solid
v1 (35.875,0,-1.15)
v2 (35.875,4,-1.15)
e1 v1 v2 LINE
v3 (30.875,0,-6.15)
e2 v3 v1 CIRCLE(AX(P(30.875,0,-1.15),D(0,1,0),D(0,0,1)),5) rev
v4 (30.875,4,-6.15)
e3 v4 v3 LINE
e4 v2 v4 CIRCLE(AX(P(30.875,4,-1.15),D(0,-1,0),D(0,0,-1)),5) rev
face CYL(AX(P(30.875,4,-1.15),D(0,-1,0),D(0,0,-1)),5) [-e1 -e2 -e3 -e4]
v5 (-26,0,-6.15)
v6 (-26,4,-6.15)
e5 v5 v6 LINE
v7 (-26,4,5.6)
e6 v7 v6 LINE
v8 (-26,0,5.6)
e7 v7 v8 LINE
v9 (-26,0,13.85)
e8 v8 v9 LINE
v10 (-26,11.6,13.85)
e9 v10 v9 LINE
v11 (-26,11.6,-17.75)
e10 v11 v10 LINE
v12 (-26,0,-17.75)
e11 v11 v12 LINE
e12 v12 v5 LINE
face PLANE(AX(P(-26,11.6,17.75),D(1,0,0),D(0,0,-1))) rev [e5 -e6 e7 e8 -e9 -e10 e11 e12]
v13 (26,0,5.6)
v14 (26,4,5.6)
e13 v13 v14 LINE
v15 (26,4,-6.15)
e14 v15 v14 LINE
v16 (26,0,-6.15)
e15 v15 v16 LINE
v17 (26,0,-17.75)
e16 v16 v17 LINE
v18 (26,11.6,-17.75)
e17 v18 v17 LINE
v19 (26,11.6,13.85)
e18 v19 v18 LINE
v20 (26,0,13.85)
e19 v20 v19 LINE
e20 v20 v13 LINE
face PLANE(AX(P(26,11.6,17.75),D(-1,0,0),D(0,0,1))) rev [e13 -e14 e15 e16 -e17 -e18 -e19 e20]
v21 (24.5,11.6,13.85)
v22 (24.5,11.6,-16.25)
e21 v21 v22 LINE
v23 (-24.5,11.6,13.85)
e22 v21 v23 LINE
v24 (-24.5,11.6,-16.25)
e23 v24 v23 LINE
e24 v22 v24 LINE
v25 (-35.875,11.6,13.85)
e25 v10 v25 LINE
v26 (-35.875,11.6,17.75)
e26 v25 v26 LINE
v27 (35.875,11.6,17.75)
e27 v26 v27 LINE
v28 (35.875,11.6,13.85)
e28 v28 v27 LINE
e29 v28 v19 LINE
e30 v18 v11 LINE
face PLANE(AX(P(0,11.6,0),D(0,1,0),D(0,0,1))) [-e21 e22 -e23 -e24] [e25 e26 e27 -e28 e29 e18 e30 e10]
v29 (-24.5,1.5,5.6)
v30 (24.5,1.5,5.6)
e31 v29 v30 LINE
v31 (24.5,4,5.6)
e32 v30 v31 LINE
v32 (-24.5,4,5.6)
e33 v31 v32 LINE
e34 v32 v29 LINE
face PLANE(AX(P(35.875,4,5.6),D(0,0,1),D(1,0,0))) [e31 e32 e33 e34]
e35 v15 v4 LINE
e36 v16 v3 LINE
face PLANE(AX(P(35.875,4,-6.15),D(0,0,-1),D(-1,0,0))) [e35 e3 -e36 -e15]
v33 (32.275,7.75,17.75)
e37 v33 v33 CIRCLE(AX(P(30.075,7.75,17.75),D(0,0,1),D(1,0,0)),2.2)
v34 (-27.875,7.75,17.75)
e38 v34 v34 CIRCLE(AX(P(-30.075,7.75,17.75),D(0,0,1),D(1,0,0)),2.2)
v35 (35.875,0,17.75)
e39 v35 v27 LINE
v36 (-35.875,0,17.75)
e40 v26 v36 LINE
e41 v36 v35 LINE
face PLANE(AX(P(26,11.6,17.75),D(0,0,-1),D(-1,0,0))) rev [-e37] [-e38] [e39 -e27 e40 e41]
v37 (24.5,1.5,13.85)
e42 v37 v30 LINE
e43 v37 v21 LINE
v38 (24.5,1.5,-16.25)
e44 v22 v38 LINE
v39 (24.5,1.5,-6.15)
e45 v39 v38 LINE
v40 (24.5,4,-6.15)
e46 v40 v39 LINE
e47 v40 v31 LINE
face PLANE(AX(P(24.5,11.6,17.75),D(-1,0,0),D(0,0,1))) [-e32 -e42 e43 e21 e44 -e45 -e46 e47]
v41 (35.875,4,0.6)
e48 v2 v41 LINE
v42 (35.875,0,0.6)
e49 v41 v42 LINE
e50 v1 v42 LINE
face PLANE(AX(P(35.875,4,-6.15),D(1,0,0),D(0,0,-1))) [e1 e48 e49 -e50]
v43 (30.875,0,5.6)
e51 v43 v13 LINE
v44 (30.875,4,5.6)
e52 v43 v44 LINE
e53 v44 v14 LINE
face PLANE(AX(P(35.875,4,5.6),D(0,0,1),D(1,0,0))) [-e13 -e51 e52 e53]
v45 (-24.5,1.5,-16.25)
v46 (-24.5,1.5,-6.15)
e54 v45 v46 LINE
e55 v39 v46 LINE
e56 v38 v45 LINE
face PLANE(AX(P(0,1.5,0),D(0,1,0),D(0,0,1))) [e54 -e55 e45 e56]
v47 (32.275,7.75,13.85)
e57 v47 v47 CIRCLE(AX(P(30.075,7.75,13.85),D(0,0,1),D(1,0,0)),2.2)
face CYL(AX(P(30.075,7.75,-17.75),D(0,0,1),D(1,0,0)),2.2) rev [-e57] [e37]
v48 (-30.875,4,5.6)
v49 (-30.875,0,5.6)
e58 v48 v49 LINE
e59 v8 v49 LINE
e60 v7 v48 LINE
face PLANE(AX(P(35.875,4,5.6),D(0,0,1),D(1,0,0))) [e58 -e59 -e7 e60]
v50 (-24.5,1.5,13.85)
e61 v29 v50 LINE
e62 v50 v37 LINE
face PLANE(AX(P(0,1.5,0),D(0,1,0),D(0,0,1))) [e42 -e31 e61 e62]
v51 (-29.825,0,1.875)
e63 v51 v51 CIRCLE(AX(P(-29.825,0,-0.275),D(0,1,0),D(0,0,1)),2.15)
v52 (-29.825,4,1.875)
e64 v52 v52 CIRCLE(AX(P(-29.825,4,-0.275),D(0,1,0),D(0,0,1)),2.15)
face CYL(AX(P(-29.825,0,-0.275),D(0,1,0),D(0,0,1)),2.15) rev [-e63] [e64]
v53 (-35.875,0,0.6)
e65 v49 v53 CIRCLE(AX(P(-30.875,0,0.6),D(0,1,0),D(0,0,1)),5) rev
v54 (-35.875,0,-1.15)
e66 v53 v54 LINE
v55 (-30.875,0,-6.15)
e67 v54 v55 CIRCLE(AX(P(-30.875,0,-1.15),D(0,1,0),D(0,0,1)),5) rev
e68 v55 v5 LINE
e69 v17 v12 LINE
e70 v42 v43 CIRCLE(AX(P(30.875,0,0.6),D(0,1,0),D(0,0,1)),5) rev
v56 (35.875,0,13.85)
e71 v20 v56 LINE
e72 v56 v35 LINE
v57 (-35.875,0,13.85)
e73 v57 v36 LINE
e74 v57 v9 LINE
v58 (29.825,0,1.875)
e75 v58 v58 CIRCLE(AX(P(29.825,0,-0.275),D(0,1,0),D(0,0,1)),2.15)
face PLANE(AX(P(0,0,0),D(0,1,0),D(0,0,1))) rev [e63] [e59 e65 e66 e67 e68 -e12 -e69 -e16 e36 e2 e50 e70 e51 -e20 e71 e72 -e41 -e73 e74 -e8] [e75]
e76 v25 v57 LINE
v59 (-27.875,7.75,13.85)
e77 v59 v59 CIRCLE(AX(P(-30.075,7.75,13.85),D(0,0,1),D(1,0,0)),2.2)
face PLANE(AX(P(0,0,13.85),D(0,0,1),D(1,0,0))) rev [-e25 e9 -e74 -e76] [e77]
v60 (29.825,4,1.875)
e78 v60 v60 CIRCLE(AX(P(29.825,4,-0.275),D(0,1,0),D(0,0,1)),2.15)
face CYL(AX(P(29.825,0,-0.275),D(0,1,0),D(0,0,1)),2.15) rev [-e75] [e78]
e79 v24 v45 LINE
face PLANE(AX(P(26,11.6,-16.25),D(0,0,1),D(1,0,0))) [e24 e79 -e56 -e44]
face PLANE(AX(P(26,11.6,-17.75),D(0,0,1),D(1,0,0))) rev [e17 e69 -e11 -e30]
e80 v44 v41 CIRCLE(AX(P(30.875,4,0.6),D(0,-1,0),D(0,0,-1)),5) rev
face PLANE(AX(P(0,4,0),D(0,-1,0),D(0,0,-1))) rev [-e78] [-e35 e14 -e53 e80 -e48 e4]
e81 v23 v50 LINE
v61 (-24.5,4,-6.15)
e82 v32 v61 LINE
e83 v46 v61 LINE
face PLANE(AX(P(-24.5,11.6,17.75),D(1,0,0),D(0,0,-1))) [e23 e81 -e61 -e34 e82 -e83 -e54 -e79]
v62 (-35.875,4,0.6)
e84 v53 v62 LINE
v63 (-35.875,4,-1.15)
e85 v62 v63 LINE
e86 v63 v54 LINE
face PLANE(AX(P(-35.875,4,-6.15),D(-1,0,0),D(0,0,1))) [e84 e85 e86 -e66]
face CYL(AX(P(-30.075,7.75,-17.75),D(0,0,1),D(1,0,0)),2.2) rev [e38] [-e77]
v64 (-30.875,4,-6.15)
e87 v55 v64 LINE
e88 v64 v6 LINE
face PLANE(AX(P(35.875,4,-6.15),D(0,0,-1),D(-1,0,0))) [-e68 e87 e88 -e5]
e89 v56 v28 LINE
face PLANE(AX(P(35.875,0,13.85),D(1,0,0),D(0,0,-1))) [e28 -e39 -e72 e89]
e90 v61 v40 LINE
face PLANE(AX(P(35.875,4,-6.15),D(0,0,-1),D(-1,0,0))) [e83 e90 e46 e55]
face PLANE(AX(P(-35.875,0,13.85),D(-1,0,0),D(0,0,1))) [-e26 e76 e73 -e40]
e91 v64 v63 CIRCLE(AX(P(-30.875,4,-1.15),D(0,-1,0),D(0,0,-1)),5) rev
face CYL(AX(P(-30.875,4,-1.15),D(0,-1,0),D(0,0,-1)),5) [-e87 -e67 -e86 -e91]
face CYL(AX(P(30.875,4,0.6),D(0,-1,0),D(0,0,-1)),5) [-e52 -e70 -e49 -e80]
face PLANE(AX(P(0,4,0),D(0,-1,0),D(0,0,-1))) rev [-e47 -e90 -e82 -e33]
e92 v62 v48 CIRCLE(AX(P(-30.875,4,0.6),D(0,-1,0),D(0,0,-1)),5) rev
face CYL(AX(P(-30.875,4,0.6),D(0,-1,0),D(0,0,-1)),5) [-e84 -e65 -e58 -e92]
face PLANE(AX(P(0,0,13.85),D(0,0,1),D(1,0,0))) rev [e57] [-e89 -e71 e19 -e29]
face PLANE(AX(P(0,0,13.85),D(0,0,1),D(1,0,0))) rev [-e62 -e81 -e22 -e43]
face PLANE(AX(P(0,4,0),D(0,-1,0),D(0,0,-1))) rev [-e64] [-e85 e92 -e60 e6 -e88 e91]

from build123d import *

# Parameters (mm, degrees)
SKETCH1_W           = 52
SKETCH1_H           = 35.5
BOSS_EXTRUDE1_DEPTH = 11.6
SHELL1_T            = -1.5
SKETCH2_W           = 71.75
SKETCH2_H           = 11.6
BOSS_EXTRUDE2_DEPTH = 3.9
SKETCH3_W           = 71.75
SKETCH3_H           = 11.75
BOSS_EXTRUDE3_DEPTH = 4
FILLET1_R           = 5
SKETCH4_R           = 2.15
CUT_EXTRUDE1_DEPTH  = 41.741110994
SKETCH5_R           = 2.2
CUT_EXTRUDE2_DEPTH  = 52.786345932


with BuildPart() as part:
    # Sketch1 → Boss-Extrude1 (new body)
    with BuildSketch(Plane(origin=(0, 0, 0), x_dir=(1, 0, 0), z_dir=(0, 1, 0))):
        Rectangle(SKETCH1_W, SKETCH1_H)
    extrude(amount=BOSS_EXTRUDE1_DEPTH)

    # Shell1
    shell1_openings = [part.faces().sort_by_distance(p)[0] for p in [
        (0, 11.6, 0),
    ]]
    offset(amount=SHELL1_T, openings=shell1_openings, kind=Kind.INTERSECTION)

    # Sketch2 → Boss-Extrude2 (add)
    with BuildSketch(Plane.XY.offset(17.75)):
        with Locations((0, 5.8)):
            Rectangle(SKETCH2_W, SKETCH2_H)
    extrude(amount=-BOSS_EXTRUDE2_DEPTH)

    # Sketch3 → Boss-Extrude3 (add)
    with BuildSketch(Plane.XZ):
        with Locations((0, -0.275)):
            Rectangle(SKETCH3_W, SKETCH3_H)
    extrude(amount=-BOSS_EXTRUDE3_DEPTH)

    # Fillet1
    fillet1_edges = [part.edges().sort_by_distance(p)[0] for p in [
        (-35.875, 2, 5.6),
        (35.875, 2, -6.15),
        (-35.875, 2, -6.15),
        (35.875, 2, 5.6),
    ]]
    fillet(fillet1_edges, radius=FILLET1_R)

    # Sketch4 → Cut-Extrude1 (cut, through all)
    with BuildSketch(Plane(origin=(0, 4, 0), x_dir=(1, 0, 0), z_dir=(0, 1, 0))):
        with Locations(Location((-29.825, 0.275, 0), (0, 0, 270))):
            Circle(SKETCH4_R)
        with Locations(Location((29.825, 0.275, 0), (0, 0, 270))):
            Circle(SKETCH4_R)
    extrude(amount=-CUT_EXTRUDE1_DEPTH, mode=Mode.SUBTRACT)

    # Sketch5 → Cut-Extrude2 (cut, through all)
    with BuildSketch(Plane.XY.offset(17.75)):
        with Locations((-30.075, 7.75)):
            Circle(SKETCH5_R)
        with Locations((30.075, 7.75)):
            Circle(SKETCH5_R)
    extrude(amount=-CUT_EXTRUDE2_DEPTH, mode=Mode.SUBTRACT)


solid = part.part
